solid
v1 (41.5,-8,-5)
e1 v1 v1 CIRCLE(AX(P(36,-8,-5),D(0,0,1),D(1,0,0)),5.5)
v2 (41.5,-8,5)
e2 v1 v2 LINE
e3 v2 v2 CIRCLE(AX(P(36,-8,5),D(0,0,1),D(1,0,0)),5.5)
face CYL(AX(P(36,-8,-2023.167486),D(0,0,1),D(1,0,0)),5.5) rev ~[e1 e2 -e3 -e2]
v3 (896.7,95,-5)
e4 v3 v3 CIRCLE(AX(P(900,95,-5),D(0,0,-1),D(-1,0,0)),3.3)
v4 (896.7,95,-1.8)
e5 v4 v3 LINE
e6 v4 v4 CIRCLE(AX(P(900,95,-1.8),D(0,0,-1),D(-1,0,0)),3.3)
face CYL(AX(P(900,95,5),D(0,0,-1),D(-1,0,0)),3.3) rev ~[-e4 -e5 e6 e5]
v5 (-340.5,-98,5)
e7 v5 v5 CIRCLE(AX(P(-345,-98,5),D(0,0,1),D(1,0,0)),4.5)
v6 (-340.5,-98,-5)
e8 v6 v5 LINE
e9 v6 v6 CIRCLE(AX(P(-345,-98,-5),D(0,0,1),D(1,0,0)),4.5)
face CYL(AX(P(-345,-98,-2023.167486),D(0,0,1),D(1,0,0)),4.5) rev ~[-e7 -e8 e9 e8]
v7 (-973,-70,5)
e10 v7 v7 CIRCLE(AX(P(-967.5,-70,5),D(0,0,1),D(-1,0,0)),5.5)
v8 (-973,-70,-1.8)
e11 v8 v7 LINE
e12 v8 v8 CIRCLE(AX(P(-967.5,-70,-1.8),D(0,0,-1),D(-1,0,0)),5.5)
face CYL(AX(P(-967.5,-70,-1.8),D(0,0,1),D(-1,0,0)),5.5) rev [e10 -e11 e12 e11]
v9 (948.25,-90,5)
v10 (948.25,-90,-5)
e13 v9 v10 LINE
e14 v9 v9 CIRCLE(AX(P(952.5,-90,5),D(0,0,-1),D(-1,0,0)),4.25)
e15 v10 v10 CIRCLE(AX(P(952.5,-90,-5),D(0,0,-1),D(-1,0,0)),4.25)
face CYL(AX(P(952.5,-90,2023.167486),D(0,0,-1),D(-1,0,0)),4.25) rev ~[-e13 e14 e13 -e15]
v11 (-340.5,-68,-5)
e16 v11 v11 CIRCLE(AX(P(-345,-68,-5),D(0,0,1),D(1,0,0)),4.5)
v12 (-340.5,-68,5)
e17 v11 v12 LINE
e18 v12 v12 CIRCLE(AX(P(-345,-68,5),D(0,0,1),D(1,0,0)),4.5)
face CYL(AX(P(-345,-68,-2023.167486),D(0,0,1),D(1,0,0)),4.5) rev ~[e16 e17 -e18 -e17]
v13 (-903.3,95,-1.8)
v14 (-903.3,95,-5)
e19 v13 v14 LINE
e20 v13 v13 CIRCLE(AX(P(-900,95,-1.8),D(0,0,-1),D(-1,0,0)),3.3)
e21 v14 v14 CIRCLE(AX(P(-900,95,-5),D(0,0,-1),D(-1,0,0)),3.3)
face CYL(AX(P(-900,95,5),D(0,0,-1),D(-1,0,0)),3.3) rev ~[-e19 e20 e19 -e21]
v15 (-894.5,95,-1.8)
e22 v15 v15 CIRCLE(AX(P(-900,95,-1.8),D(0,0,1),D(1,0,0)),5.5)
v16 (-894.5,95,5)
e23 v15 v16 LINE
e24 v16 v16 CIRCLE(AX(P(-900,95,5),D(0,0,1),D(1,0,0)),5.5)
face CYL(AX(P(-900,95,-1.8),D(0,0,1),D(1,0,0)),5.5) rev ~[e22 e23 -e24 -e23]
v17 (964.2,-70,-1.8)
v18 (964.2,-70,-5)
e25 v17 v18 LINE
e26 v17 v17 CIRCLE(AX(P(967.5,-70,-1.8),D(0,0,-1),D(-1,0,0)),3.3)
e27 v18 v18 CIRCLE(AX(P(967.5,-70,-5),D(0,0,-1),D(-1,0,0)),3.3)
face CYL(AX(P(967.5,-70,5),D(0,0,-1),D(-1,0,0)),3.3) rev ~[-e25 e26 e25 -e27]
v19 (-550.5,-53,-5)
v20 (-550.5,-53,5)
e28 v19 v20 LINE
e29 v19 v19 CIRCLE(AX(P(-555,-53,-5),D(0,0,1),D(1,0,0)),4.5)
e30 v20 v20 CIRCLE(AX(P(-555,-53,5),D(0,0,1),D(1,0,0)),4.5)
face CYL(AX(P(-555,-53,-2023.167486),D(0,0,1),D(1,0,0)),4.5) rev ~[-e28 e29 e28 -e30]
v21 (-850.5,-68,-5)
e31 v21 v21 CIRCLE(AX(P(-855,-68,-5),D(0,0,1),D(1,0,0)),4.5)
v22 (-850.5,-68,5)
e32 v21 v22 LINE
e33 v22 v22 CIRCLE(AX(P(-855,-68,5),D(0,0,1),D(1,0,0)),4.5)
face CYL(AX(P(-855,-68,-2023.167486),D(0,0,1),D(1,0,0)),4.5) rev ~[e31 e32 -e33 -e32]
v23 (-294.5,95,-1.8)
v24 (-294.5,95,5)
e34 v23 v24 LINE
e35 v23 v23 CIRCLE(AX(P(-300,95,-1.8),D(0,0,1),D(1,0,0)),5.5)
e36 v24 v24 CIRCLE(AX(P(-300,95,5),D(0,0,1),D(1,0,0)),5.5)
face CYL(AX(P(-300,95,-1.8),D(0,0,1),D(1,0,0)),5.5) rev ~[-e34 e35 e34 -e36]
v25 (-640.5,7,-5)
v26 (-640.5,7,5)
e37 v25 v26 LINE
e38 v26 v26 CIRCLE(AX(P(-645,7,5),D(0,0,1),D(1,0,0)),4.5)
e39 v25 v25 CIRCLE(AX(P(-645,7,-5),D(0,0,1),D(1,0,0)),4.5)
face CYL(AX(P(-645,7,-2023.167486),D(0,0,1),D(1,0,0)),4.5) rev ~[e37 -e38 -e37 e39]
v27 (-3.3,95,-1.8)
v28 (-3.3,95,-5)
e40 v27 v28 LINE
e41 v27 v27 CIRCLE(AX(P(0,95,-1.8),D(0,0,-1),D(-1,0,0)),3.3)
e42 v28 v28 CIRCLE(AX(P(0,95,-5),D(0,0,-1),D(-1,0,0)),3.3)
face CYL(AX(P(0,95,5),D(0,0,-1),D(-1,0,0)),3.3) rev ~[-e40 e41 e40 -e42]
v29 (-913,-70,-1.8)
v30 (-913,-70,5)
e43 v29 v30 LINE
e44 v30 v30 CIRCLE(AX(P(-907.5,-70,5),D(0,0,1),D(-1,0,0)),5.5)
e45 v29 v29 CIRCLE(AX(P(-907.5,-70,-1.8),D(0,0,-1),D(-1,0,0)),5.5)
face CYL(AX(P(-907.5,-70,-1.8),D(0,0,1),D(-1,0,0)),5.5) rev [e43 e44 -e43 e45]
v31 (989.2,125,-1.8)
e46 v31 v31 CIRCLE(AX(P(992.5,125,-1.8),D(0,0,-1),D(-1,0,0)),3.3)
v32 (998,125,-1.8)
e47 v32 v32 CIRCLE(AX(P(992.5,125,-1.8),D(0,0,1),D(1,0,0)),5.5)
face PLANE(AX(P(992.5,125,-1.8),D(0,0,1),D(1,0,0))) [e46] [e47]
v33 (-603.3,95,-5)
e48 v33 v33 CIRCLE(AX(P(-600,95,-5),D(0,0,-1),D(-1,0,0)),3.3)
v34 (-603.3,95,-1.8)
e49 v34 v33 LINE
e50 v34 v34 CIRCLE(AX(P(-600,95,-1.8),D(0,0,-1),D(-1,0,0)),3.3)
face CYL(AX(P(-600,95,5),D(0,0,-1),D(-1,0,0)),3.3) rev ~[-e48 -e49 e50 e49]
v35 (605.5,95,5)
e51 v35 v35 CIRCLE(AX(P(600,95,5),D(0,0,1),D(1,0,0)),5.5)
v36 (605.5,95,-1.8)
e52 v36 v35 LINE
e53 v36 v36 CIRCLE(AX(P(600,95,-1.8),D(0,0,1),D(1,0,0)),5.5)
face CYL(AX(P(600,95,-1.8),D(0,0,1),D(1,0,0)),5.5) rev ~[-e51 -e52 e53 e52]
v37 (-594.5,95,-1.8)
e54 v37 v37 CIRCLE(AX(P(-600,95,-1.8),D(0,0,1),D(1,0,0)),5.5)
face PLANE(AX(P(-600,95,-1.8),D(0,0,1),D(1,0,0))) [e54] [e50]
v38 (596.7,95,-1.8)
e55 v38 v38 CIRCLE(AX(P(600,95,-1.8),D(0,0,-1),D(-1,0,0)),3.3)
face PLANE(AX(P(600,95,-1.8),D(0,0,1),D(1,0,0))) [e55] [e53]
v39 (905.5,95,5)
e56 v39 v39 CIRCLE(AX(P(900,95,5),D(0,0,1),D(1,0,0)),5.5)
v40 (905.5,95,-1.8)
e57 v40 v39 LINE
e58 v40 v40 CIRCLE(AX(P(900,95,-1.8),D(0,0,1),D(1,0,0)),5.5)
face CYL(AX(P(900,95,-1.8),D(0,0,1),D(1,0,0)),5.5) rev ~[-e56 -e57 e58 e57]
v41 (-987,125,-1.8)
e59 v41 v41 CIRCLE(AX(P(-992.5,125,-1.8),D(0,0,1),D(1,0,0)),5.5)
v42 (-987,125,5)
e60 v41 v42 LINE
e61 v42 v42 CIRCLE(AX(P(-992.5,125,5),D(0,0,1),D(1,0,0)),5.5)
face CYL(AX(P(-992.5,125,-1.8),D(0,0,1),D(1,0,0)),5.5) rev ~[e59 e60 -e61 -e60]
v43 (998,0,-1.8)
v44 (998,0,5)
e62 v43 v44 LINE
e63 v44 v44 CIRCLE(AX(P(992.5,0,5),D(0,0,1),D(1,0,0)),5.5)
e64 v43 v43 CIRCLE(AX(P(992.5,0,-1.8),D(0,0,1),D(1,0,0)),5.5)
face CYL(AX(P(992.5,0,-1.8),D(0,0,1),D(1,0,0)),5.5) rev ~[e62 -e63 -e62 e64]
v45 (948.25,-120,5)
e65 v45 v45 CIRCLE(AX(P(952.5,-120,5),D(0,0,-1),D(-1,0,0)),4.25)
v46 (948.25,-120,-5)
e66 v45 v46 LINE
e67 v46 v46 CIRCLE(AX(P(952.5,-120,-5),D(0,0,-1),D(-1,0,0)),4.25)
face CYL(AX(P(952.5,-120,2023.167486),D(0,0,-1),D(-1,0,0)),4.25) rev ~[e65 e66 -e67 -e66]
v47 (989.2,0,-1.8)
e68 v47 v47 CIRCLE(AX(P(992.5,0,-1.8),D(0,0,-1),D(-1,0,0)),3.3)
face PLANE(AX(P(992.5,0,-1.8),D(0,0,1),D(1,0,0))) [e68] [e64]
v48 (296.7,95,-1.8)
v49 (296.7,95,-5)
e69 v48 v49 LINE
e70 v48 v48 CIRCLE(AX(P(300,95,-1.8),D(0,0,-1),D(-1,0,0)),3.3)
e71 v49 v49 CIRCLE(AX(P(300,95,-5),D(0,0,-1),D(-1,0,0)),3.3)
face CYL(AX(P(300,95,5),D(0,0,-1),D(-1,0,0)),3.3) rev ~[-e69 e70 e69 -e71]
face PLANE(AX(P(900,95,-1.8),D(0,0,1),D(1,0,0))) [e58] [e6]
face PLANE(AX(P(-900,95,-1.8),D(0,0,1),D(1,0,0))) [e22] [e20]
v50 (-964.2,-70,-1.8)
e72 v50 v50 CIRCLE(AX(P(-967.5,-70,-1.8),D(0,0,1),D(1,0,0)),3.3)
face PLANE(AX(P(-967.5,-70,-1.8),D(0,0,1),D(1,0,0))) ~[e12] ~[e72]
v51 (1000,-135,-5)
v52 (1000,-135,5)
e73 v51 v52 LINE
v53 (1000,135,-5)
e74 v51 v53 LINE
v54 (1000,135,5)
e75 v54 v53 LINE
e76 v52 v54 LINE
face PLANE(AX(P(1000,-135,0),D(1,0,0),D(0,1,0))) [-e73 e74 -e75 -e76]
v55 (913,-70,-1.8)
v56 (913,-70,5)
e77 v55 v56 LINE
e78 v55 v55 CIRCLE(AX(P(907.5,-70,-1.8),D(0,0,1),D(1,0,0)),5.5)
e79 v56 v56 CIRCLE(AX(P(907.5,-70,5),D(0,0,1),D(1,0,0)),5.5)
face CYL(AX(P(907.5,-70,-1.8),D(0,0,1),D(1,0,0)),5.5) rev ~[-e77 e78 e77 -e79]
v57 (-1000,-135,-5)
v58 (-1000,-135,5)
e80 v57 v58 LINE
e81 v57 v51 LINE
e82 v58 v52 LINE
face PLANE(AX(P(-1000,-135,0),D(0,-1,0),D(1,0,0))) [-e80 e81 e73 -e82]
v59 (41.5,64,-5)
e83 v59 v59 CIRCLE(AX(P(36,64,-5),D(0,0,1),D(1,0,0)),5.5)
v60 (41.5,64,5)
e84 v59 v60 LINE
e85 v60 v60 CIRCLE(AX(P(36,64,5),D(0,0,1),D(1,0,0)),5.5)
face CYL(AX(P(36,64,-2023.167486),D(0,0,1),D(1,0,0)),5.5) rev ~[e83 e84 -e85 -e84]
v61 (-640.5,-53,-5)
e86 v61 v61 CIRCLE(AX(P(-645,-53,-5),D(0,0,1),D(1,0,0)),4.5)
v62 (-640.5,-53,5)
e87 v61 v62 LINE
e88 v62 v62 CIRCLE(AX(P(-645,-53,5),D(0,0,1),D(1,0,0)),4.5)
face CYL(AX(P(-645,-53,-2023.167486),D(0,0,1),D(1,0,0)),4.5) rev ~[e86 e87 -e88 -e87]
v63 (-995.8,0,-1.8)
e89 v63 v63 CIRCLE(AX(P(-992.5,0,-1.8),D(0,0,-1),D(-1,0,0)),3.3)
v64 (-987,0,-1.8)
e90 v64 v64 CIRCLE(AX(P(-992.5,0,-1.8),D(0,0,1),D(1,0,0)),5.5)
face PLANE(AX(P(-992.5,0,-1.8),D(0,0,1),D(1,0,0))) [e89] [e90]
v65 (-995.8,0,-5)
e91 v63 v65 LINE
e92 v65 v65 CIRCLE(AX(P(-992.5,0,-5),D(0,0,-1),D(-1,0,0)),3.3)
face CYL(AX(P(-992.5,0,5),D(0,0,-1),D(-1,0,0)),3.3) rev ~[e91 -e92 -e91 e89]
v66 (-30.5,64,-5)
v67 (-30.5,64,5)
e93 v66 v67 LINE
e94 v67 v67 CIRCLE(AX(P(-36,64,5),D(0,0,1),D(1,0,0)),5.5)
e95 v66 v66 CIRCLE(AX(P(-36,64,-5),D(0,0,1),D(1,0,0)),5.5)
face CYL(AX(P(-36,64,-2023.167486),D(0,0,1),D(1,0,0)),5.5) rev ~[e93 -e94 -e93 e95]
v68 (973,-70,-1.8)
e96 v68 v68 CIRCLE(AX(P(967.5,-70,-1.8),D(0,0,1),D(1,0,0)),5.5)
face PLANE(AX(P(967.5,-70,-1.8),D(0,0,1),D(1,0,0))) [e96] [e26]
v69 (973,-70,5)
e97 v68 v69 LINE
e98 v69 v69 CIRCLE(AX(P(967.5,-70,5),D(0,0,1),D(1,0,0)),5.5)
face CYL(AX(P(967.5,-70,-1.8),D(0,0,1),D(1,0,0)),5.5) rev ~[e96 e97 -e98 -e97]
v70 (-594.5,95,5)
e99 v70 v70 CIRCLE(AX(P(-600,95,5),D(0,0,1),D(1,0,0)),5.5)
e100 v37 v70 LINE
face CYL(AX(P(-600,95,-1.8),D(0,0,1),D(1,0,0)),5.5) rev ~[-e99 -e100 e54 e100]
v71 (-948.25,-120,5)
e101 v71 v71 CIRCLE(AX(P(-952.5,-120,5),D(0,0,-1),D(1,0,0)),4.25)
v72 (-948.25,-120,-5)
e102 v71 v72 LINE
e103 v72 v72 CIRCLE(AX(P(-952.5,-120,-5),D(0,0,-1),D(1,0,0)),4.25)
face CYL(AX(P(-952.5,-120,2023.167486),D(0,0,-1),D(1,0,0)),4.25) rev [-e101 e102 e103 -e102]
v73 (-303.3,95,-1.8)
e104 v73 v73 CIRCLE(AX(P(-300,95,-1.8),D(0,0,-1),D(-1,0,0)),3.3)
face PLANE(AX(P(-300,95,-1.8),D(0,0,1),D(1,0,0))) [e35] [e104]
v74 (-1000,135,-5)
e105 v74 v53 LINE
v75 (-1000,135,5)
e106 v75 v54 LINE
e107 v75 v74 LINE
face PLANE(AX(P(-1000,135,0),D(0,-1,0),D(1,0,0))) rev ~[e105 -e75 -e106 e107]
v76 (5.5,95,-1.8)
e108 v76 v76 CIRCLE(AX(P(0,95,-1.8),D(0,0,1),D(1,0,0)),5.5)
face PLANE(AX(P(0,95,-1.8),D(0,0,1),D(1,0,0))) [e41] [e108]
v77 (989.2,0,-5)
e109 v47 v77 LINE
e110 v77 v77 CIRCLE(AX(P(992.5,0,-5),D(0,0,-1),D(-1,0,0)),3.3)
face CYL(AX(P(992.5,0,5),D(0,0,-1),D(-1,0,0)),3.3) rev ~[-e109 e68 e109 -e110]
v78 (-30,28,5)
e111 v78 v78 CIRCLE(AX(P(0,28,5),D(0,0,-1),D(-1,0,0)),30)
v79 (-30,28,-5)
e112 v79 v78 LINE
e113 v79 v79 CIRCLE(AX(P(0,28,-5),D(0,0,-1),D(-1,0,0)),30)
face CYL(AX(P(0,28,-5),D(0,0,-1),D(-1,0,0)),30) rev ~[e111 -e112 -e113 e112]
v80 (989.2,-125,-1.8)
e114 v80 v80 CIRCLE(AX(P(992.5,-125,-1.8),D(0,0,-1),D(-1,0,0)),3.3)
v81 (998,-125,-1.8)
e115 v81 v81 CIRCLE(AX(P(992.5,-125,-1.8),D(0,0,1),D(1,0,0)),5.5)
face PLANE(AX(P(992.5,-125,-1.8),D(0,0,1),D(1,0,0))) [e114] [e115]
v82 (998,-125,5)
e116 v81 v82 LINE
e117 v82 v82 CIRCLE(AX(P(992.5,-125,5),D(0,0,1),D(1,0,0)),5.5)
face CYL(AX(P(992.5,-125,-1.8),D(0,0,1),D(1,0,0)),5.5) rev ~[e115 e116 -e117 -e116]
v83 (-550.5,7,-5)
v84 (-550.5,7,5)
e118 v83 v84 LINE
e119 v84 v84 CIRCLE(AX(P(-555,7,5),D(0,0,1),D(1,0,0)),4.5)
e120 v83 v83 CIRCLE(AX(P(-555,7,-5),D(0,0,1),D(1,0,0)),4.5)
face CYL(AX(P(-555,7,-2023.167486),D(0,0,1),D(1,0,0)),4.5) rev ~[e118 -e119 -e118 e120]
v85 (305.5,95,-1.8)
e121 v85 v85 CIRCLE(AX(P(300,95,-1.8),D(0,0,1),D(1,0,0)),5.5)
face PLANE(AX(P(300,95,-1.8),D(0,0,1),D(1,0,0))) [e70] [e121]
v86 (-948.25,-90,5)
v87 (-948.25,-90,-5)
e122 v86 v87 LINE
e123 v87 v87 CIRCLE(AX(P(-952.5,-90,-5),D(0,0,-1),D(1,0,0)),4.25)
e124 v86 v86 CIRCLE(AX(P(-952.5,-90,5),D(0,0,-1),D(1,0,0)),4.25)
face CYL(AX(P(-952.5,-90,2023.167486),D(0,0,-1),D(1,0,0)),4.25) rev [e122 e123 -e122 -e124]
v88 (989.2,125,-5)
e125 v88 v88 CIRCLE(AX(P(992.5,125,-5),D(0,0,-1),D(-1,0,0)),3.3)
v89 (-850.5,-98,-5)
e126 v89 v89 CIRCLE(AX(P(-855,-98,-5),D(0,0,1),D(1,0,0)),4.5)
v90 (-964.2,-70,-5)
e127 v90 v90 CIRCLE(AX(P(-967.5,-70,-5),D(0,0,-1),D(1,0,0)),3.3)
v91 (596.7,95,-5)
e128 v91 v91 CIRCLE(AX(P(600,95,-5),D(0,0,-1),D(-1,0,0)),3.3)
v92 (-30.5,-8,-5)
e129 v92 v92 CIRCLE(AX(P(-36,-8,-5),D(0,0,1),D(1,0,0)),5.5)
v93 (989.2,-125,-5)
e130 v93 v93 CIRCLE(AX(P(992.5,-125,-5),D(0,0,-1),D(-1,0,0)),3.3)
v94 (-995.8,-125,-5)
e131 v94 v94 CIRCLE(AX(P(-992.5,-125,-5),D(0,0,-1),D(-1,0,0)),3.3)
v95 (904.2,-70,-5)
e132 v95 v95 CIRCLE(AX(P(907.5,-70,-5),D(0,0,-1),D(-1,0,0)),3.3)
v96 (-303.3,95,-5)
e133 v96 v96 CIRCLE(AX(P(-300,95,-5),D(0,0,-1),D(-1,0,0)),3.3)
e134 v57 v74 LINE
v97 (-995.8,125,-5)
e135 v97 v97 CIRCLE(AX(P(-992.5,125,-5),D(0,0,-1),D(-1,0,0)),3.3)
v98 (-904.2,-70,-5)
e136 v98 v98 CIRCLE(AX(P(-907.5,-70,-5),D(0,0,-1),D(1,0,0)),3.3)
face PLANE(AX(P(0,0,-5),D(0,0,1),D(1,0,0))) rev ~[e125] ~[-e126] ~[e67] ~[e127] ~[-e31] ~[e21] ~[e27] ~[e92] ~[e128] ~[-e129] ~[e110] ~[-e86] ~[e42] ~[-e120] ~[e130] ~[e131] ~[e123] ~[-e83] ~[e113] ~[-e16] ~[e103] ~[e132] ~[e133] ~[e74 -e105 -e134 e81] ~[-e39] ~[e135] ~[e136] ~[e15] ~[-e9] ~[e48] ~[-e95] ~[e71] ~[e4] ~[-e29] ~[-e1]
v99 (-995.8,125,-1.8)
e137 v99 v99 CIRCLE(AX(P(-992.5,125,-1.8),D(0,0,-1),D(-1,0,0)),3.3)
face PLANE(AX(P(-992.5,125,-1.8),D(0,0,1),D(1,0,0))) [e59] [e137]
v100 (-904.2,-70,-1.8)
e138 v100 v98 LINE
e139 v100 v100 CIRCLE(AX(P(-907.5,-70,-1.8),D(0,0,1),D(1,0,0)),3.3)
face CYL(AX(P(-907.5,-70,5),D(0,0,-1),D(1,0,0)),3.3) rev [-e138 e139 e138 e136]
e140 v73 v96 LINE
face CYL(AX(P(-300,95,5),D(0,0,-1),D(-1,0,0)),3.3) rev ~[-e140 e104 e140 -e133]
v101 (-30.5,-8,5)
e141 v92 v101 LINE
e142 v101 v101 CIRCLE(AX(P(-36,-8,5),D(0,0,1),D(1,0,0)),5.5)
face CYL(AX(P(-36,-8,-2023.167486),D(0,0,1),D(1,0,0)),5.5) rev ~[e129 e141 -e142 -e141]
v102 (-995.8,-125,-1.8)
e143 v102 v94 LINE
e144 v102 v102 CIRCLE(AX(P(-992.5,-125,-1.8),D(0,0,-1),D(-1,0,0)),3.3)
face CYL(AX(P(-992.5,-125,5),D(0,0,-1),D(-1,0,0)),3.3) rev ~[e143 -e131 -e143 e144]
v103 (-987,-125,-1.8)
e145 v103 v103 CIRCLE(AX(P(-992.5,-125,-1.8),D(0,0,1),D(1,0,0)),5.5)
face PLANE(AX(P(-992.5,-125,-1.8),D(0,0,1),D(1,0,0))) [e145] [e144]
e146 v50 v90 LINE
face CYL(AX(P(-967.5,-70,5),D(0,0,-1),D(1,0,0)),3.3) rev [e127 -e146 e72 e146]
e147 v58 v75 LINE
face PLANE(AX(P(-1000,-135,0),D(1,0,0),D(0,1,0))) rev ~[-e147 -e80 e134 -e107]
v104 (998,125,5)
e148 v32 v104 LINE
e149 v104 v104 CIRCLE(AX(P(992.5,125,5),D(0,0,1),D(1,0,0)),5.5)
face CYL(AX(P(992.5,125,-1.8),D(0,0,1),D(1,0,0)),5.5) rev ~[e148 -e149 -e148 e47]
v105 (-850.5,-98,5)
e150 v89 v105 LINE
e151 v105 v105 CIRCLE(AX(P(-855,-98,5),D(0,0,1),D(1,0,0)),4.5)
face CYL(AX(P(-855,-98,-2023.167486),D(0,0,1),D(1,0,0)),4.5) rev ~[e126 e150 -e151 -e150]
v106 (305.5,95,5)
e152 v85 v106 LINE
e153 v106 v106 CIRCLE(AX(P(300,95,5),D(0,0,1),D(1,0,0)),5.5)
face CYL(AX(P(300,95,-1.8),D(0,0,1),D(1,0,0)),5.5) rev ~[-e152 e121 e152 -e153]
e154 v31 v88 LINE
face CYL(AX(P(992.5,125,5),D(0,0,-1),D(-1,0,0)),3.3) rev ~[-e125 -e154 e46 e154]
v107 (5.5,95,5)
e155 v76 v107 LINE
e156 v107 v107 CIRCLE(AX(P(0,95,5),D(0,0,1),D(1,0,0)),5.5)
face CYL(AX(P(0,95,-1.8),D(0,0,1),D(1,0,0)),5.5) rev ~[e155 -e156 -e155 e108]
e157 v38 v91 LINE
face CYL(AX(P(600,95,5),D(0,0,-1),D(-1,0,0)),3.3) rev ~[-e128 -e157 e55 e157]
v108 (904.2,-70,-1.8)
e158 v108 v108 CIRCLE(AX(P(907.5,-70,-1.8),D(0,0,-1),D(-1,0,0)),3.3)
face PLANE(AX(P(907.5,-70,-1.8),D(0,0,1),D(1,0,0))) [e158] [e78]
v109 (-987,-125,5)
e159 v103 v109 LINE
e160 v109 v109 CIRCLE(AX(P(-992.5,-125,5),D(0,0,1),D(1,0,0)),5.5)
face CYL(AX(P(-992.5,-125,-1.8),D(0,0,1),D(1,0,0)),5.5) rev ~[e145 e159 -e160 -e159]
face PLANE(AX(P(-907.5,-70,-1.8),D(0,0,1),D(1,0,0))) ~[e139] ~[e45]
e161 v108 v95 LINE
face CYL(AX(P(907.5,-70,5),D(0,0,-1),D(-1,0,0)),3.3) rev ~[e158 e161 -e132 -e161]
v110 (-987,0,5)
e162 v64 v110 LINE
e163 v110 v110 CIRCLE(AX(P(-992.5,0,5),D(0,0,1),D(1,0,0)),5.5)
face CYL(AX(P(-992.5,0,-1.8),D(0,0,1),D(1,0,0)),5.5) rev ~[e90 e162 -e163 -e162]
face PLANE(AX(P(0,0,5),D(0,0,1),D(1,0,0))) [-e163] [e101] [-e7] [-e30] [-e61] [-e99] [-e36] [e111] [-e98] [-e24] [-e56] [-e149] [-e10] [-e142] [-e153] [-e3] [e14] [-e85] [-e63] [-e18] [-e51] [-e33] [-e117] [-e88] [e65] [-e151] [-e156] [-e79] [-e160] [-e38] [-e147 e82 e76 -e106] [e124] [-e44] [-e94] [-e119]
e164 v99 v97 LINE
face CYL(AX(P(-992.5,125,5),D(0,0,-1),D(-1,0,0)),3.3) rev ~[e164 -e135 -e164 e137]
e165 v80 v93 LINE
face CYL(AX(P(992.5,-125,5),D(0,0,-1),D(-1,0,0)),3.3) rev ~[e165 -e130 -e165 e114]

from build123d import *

# Parameters (mm, degrees)
SKETCH_1_W                = 2000
SKETCH_1_H                = 270
EXTRUDE_1_DEPTH           = 5
HOLE_WIZARD_1_D           = 6.6
HOLE_WIZARD_1_CBORE_D     = 11
HOLE_WIZARD_1_CBORE_DEPTH = 6.8
HOLE_WIZARD_M10_1_D       = 8.5
HOLE_WIZARD_9_0_9_3_D     = 9
HOLE_WIZARD_9_0_9_4_D     = 9
HOLE_WIZARD_11_0_11_1_D   = 11
SKETCH_20_R               = 30
CUT_EXTRUDE_1_DEPTH       = 11
HOLE_WIZARD_5_D           = 6.6
HOLE_WIZARD_5_CBORE_D     = 11
HOLE_WIZARD_5_CBORE_DEPTH = 6.8
HOLE_WIZARD_6_D           = 6.6
HOLE_WIZARD_6_CBORE_D     = 11
HOLE_WIZARD_6_CBORE_DEPTH = 6.8


with BuildPart() as part:
    # 草图1 → 凸台-拉伸1 (new body, symmetric)
    with BuildSketch(Plane.XY):
        Rectangle(SKETCH_1_W, SKETCH_1_H)
    extrude(amount=EXTRUDE_1_DEPTH, both=True)

    # 打孔尺寸(%根据)内六角圆柱头螺钉的类型1 (through all)
    with Locations(Plane(origin=(-992.5, 125, 5), x_dir=(1, 0, 0), z_dir=(0, 0, 1))):
        with Locations((0, 0), (0, -250), (1985, 0), (1985, -250), (1985, -125), (0, -125)):
            CounterBoreHole(HOLE_WIZARD_1_D / 2, HOLE_WIZARD_1_CBORE_D / 2, HOLE_WIZARD_1_CBORE_DEPTH)

    # M10 螺纹孔1 (through all)
    with Locations(Plane(origin=(952.5, -120, 5), x_dir=(1, 0, 0), z_dir=(0, 0, 1))):
        with Locations((0, 0), (0, 30)):
            hole_wizard_m10_1 = Hole(HOLE_WIZARD_M10_1_D / 2)

    # Ø9.0 (9) 直径孔3 (through all)
    with Locations(Plane(origin=(-345, -68, -5), x_dir=(-1, 0, 0), z_dir=(0, 0, -1))):
        with Locations((0, 0), (0, -30), (510, 0), (510, -30)):
            Hole(HOLE_WIZARD_9_0_9_3_D / 2)

    # Ø9.0 (9) 直径孔4 (through all)
    with Locations(Plane(origin=(-555, 7, -5), x_dir=(-1, 0, 0), z_dir=(0, 0, -1))):
        with Locations((0, 0), (90, 0), (90, -60), (0, -60)):
            Hole(HOLE_WIZARD_9_0_9_4_D / 2)

    # Ø11.0 (11) 直径孔1 (through all)
    with Locations(Plane(origin=(36, -8, -5), x_dir=(-1, 0, 0), z_dir=(0, 0, -1))):
        with Locations((0, 0), (72, 0), (72, 72), (0, 72)):
            Hole(HOLE_WIZARD_11_0_11_1_D / 2)

    # 草图20 → 切除-拉伸1 (cut, through all)
    with BuildSketch(Plane(origin=(0, 0, -5), x_dir=(-1, 0, 0), z_dir=(0, 0, -1))):
        with Locations((0, 28)):
            Circle(SKETCH_20_R)
    extrude(amount=-CUT_EXTRUDE_1_DEPTH, mode=Mode.SUBTRACT)

    # 打孔尺寸(%根据)内六角圆柱头螺钉的类型5 (through all)
    with Locations(Plane(origin=(-900, 95, 5), x_dir=(1, 0, 0), z_dir=(0, 0, 1))):
        with Locations((0, 0), (300, 0), (600, 0), (900, 0), (1200, 0), (1500, 0), (1800, 0)):
            CounterBoreHole(HOLE_WIZARD_5_D / 2, HOLE_WIZARD_5_CBORE_D / 2, HOLE_WIZARD_5_CBORE_DEPTH)

    # 镜向1: M10 螺纹孔1 across plane
    add(hole_wizard_m10_1.mirror(Plane(origin=(0, 0, 0), x_dir=(0, 0, 1), z_dir=(1, 0, 0))), mode=Mode.SUBTRACT)

    # 打孔尺寸(%根据)内六角圆柱头螺钉的类型6 (through all)
    with Locations(Plane(origin=(907.5, -70, 5), x_dir=(1, 0, 0), z_dir=(0, 0, 1))):
        with Locations((0, 0), (60, 0)):
            hole_wizard_6 = CounterBoreHole(HOLE_WIZARD_6_D / 2, HOLE_WIZARD_6_CBORE_D / 2, HOLE_WIZARD_6_CBORE_DEPTH)

    # 镜向2: 打孔尺寸(%根据)内六角圆柱头螺钉的类型6 across plane
    add(hole_wizard_6.mirror(Plane(origin=(0, 0, 0), x_dir=(0, 0, 1), z_dir=(1, 0, 0))), mode=Mode.SUBTRACT)


solid = part.part
